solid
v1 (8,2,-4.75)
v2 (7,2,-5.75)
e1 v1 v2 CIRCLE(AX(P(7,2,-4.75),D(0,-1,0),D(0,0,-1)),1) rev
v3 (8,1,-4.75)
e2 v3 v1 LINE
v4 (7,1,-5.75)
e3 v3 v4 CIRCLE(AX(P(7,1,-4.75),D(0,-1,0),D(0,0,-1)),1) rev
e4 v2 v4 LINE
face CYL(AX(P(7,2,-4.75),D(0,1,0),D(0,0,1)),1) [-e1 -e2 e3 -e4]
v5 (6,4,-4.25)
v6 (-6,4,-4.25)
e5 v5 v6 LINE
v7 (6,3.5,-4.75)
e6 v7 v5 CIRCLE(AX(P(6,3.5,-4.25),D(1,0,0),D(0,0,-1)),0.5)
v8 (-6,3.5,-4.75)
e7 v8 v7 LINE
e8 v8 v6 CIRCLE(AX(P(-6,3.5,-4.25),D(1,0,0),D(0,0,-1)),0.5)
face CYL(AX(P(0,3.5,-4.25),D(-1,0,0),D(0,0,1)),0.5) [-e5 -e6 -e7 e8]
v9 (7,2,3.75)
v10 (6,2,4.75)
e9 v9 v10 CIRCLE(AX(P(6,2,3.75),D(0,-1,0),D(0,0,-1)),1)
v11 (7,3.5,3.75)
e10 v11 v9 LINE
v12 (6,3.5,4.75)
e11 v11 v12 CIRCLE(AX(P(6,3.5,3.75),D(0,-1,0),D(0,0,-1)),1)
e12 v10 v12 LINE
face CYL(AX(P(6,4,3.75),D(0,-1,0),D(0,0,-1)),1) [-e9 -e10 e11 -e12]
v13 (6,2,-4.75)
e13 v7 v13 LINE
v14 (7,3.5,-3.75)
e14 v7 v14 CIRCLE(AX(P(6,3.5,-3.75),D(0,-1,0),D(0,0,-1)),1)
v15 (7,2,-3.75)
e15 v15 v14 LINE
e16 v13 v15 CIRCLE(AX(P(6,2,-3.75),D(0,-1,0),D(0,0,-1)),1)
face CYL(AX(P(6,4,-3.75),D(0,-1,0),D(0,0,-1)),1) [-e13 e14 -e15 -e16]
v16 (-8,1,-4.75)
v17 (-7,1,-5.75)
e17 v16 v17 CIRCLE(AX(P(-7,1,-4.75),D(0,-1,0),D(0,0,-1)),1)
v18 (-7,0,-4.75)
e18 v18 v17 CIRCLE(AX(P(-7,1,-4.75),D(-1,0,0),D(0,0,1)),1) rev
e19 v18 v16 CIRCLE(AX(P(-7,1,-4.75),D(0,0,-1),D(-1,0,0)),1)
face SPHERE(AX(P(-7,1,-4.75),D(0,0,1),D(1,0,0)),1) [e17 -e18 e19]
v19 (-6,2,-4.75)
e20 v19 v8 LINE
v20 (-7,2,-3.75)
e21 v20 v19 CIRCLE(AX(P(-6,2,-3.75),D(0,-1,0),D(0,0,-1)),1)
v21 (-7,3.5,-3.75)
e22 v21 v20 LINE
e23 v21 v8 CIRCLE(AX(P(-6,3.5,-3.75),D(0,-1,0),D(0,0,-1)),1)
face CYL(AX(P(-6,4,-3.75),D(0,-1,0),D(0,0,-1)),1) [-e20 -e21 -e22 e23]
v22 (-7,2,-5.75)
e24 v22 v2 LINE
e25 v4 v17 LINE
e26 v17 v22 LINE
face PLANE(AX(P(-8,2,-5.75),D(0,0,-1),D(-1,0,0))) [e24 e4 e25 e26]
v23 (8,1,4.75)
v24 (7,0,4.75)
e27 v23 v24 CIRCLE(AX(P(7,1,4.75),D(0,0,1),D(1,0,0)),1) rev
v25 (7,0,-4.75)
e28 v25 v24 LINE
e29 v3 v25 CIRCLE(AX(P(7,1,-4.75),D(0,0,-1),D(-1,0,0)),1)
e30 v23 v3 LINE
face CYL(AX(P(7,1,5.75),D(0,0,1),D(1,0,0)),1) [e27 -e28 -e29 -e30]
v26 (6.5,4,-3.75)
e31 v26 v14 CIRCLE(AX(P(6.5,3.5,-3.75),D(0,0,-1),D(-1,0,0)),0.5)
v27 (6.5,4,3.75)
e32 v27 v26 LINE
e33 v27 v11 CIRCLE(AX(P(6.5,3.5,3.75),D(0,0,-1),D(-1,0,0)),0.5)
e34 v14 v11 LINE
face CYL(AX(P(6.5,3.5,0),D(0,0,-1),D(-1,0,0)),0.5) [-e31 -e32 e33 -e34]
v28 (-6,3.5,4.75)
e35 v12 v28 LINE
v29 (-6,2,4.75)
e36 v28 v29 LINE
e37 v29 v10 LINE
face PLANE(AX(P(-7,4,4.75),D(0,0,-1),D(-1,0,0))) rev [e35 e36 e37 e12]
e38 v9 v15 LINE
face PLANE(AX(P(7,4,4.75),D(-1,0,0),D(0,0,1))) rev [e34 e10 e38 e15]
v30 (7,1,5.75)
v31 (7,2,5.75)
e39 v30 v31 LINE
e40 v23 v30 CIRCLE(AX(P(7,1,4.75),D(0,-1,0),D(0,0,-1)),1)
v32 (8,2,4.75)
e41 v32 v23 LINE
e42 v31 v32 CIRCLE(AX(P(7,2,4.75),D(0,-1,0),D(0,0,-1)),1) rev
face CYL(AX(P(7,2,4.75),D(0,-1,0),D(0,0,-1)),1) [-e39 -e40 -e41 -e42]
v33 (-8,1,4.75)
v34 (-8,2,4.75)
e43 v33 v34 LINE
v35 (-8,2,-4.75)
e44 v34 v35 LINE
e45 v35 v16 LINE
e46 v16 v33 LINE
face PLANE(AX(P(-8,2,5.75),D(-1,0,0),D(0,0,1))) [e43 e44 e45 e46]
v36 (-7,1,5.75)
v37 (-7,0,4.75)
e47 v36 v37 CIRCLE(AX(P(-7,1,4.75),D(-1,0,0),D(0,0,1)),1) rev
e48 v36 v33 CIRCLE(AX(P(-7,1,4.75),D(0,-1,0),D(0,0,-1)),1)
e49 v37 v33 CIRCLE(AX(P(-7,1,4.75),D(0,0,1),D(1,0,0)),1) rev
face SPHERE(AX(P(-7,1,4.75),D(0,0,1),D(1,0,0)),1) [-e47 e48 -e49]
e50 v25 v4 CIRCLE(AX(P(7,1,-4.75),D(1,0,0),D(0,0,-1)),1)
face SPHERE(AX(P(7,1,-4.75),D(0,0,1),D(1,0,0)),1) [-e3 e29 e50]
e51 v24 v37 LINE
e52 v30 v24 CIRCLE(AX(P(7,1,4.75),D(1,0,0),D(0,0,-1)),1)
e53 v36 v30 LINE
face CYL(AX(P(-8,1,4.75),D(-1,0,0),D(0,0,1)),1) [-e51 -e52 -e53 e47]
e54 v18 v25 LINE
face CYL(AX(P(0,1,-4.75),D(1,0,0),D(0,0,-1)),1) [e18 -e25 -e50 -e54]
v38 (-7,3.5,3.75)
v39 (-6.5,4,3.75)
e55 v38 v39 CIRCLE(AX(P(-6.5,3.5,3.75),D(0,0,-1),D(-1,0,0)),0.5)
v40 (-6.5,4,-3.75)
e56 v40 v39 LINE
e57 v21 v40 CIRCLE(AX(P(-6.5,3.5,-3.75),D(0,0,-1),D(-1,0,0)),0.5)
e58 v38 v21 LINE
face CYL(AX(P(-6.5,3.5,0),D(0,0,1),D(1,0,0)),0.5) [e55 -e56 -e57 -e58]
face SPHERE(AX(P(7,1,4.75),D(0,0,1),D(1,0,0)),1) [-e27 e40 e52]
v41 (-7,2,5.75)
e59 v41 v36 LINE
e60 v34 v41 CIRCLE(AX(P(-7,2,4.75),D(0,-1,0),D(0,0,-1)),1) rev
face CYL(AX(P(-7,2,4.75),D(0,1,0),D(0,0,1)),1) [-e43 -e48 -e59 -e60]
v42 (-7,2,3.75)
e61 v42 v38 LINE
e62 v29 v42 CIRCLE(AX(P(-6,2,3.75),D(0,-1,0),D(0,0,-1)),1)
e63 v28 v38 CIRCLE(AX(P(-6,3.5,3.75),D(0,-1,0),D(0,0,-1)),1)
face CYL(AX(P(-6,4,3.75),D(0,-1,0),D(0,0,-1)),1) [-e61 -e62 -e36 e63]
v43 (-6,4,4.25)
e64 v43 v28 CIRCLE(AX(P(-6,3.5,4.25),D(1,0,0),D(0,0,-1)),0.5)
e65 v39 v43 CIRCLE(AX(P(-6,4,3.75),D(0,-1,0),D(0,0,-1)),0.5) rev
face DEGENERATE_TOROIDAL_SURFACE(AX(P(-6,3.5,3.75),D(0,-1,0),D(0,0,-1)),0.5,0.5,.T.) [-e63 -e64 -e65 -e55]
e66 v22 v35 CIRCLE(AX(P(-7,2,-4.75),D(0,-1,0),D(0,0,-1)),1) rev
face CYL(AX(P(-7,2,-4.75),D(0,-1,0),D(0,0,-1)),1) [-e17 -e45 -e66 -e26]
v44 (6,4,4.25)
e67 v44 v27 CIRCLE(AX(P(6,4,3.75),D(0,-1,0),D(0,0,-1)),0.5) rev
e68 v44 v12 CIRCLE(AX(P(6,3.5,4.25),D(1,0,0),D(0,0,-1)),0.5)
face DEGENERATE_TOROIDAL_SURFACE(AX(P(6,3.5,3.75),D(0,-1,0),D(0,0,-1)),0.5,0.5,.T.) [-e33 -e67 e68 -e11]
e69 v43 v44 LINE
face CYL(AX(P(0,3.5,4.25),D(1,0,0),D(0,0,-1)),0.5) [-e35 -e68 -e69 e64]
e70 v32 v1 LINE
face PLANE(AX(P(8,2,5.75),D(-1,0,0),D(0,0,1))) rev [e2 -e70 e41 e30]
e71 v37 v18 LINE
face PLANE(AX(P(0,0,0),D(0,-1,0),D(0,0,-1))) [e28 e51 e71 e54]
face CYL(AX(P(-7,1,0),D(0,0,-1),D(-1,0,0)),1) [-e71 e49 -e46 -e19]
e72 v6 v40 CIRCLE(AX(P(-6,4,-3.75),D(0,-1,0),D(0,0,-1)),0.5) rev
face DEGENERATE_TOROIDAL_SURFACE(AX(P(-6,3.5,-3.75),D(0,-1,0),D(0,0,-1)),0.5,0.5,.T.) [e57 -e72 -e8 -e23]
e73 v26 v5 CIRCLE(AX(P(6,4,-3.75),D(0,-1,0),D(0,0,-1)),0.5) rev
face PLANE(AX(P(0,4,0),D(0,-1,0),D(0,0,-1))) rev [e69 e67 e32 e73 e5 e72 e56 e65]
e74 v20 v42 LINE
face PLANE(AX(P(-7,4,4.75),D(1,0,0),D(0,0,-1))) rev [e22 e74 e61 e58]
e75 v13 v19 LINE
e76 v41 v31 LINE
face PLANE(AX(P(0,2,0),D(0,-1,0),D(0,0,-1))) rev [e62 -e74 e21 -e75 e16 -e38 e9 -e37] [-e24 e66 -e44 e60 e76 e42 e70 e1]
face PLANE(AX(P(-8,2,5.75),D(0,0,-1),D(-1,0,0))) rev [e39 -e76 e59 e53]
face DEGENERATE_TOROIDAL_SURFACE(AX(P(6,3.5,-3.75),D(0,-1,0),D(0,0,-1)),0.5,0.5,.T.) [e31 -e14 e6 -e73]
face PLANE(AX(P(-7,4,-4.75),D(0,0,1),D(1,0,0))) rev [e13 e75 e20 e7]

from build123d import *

# Parameters (mm, degrees)
CROQUIS1_W              = 16
CROQUIS1_H              = 11.5
SALIENTE_EXTRUIR2_DEPTH = 2
CROQUIS2_W              = 14
CROQUIS2_H              = 9.5
SALIENTE_EXTRUIR3_DEPTH = 2
REDONDEO1_R             = 1
REDONDEO2_R             = 1
REDONDEO3_R             = 0.5


with BuildPart() as part:
    # Croquis1 → Saliente-Extruir2 (new body)
    with BuildSketch(Plane(origin=(0, 0, 0), x_dir=(1, 0, 0), z_dir=(0, 1, 0))):
        Rectangle(CROQUIS1_W, CROQUIS1_H)
    extrude(amount=SALIENTE_EXTRUIR2_DEPTH)

    # Croquis2 → Saliente-Extruir3 (add)
    with BuildSketch(Plane(origin=(0, 2, 0), x_dir=(1, 0, 0), z_dir=(0, 1, 0))):
        Rectangle(CROQUIS2_W, CROQUIS2_H)
    extrude(amount=SALIENTE_EXTRUIR3_DEPTH)

    # Redondeo1
    redondeo1_edges = [part.edges().sort_by_distance(p)[0] for p in [
        (0, 0, 5.75),
        (8, 0, 0),
        (0, 0, -5.75),
        (-8, 0, 0),
        (-8, 1, 5.75),
        (8, 1, 5.75),
        (8, 1, -5.75),
        (-8, 1, -5.75),
    ]]
    fillet(redondeo1_edges, radius=REDONDEO1_R)

    # Redondeo2
    redondeo2_edges = [part.edges().sort_by_distance(p)[0] for p in [
        (7, 3, 4.75),
        (7, 3, -4.75),
        (-7, 3, -4.75),
        (-7, 3, 4.75),
    ]]
    fillet(redondeo2_edges, radius=REDONDEO2_R)

    # Redondeo3
    redondeo3_edges = [part.edges().sort_by_distance(p)[0] for p in [
        (7, 4, 0),
        (0, 4, 4.75),
        (0, 4, -4.75),
        (-7, 4, 0),
        (-6.707106781, 4, 4.457106781),
        (-6.707106781, 4, -4.457106781),
        (6.707106781, 4, -4.457106781),
        (6.707106781, 4, 4.457106781),
    ]]
    fillet(redondeo3_edges, radius=REDONDEO3_R)


solid = part.part
